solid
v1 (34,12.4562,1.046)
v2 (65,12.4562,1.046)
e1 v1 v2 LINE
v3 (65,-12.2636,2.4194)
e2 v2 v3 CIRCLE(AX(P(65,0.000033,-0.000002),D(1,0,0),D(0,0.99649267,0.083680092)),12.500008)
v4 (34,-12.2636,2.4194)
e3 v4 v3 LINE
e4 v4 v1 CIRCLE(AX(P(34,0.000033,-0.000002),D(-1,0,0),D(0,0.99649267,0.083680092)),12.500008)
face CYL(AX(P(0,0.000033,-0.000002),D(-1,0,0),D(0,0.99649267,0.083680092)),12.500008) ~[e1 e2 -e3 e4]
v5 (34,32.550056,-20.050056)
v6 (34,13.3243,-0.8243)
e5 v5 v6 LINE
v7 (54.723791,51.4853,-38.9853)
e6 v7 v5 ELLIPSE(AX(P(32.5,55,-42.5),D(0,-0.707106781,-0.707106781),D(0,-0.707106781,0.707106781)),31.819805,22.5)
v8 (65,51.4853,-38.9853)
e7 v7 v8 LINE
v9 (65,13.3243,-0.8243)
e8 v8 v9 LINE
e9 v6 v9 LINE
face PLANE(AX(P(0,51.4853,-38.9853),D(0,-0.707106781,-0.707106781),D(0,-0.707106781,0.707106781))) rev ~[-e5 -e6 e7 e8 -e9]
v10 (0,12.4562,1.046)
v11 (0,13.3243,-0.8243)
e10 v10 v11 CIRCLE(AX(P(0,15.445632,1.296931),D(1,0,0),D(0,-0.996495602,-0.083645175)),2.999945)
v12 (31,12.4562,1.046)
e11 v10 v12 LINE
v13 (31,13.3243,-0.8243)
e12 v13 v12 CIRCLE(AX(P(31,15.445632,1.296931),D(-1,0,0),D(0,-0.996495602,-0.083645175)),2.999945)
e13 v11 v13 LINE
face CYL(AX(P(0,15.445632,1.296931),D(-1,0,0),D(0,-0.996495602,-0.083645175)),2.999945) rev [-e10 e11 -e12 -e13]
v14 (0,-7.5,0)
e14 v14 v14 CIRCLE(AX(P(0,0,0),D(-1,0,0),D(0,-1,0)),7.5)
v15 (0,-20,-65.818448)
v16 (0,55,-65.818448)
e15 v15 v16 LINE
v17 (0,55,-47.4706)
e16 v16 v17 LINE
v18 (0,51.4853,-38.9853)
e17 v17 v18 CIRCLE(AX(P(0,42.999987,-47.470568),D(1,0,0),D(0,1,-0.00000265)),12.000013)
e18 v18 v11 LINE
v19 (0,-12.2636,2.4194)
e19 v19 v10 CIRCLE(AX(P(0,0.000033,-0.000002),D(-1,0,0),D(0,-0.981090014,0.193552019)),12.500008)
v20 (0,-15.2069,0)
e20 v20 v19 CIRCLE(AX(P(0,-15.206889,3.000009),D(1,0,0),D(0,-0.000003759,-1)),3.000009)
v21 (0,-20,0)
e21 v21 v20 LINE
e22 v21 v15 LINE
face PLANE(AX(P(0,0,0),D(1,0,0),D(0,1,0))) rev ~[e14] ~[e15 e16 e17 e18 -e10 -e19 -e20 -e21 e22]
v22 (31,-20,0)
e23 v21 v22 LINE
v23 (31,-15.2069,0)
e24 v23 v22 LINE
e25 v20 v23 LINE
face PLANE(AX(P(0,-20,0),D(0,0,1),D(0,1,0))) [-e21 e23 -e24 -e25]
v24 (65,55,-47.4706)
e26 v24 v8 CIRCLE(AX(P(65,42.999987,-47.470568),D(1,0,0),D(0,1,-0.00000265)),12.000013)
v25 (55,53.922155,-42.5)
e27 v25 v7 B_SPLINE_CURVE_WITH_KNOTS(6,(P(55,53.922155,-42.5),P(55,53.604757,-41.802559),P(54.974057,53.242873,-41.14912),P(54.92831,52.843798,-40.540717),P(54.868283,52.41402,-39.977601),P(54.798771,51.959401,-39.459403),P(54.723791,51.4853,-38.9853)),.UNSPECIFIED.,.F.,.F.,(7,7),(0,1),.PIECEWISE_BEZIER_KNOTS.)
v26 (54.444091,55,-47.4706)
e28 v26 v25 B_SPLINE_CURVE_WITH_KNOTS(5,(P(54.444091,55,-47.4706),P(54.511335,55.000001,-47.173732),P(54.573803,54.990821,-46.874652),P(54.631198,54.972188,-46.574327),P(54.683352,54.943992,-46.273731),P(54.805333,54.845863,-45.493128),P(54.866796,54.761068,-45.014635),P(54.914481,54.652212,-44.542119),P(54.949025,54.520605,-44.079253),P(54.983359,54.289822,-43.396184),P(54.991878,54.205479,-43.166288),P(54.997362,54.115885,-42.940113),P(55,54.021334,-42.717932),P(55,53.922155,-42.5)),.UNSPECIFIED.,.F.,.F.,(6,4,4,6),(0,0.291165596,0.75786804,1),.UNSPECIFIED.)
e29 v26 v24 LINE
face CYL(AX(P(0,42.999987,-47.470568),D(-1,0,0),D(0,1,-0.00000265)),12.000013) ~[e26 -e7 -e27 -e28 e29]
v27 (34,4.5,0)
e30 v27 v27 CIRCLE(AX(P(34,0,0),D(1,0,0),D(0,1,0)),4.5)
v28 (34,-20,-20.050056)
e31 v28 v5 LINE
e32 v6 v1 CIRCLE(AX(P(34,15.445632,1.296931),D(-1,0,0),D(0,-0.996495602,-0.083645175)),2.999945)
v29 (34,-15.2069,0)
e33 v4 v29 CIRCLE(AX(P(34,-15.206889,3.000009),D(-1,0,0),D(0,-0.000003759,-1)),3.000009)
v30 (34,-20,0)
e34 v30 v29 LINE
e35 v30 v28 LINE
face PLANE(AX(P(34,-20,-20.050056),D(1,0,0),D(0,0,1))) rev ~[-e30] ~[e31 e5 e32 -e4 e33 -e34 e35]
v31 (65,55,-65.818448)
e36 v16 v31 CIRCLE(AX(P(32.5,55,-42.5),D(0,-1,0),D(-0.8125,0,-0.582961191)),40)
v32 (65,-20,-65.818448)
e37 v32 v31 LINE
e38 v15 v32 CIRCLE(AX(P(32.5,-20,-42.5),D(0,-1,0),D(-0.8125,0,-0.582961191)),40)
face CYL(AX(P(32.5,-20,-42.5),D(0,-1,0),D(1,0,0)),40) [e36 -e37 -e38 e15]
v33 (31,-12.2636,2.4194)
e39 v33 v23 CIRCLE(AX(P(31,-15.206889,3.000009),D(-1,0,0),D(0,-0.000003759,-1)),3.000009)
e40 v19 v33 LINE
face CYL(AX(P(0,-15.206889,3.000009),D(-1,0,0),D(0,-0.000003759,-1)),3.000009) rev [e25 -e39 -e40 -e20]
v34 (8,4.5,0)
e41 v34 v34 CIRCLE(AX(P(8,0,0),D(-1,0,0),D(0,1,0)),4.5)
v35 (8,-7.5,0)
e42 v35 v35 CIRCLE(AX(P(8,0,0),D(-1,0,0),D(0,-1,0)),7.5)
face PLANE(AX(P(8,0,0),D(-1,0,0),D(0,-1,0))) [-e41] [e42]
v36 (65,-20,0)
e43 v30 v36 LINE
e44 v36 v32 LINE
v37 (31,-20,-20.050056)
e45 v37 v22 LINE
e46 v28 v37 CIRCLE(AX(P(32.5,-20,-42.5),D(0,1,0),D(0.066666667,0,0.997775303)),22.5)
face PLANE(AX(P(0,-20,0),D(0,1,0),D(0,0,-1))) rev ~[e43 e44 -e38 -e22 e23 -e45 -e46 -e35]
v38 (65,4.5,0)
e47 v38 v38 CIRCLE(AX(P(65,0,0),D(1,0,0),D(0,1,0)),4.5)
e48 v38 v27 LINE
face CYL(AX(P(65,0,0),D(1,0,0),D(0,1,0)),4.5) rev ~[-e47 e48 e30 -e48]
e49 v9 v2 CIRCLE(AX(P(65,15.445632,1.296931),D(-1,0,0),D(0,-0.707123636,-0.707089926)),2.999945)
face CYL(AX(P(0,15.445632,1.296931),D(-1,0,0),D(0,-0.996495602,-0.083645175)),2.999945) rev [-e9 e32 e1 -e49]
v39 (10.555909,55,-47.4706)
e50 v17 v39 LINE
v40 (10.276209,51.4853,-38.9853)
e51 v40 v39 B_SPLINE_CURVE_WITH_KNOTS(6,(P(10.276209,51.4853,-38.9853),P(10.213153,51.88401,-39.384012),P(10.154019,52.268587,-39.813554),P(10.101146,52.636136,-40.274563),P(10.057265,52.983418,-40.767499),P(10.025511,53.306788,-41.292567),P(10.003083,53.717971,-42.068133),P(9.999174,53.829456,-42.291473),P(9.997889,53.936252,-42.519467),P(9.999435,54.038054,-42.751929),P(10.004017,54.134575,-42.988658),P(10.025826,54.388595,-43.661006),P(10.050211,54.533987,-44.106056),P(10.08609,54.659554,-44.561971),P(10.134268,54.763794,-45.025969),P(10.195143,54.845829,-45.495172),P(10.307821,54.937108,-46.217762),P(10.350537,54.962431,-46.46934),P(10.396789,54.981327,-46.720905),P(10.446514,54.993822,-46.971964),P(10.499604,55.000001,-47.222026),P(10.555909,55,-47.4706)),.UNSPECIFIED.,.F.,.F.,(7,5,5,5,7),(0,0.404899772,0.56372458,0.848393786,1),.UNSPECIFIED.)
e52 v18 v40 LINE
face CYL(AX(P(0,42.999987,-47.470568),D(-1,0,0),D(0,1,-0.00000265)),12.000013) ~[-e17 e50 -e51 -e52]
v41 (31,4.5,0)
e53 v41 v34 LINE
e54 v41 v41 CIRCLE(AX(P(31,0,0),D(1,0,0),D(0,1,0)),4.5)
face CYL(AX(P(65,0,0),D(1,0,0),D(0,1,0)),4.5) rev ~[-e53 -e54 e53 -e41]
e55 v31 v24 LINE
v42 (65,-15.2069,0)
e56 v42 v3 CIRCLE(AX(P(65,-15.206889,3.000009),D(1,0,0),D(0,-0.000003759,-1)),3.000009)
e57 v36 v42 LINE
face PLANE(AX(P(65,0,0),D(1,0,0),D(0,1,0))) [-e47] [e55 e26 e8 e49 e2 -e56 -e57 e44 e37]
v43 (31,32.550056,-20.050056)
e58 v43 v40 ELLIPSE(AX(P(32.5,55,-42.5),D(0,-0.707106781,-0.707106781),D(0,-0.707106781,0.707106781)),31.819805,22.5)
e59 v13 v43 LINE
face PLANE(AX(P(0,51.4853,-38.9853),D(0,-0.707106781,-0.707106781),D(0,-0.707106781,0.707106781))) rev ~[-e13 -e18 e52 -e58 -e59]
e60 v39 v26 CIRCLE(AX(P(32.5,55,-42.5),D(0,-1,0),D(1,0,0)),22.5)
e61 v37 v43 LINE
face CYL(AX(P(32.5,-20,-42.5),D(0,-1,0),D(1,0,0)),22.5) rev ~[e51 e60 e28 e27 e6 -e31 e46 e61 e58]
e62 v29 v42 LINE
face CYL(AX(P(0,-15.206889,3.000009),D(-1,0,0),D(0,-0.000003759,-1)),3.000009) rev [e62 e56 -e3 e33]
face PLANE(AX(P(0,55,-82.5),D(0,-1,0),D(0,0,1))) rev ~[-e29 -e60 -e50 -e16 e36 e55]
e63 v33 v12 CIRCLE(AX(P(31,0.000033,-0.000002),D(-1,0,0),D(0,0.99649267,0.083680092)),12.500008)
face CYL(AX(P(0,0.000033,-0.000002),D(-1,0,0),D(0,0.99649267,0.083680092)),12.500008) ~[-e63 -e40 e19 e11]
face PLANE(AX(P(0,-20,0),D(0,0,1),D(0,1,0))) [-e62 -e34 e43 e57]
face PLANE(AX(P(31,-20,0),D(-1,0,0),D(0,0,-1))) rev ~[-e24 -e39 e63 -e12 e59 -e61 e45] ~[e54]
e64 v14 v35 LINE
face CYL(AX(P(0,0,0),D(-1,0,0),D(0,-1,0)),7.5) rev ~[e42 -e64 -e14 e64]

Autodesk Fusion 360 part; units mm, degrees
sketch "Sketch1" plane through (0, 0, 0) normal (1, 0, 0) x (0, 1, 0)
  line L0 (-70, 0) -> (110, 0)
  line L1 (0, 110) -> (0, -170)
  line L2 (-15.2069, 0) -> (-20, 0)
  line L3 (-20, 0) -> (-20, -82.5)
  line L4 (-20, -82.5) -> (55, -82.5)
  line L5 (55, -82.5) -> (55, -47.4706)
  line L6 (51.4853, -38.9853) -> (13.3243, -0.8243)
  line L7 (55, -42.5) -> (115.1063, -42.5) construction
  arc A0 (12.4562, 1.046) -> (-12.2636, 2.4194) centre (0, 0) ccw
  arc A1 (-15.2069, 0) -> (-12.2636, 2.4194) centre (-15.2069, 3) ccw
  arc A2 (12.4562, 1.046) -> (13.3243, -0.8243) centre (15.4456, 1.297) ccw
  arc A3 (55, -47.4706) -> (51.4853, -38.9853) centre (43, -47.4706) ccw
  point P0 (-12.5, 0)
  dimension "d2" = 7.5
  dimension "d3" = 82.5
  dimension "d4" = 75
  dimension "d5" = 40
  dimension "d6" = 135
  dimension "d7" = 12.5
  dimension "d8" = 3
  dimension "d9" = 3
  dimension "d10" = 12
extrude "Extrude1" add sketch "Sketch1" along normal blind 65
sketch "Sketch2" plane through (65, 0, 0) normal (1, 0, 0) x (0, 1, 0)
  line L0 (-15.2069, 0) -> (-20, 0)
  line L1 (-20, 0) -> (-20, -82.5)
  line L2 (-20, -82.5) -> (55, -82.5)
  line L3 (55, -82.5) -> (55, -47.4706)
  arc A0 (55, -47.4706) -> (51.4853, -38.9853) centre (43, -47.4706) ccw
  line L4 (51.4853, -38.9853) -> (13.3243, -0.8243)
  arc A1 (12.4562, 1.046) -> (13.3243, -0.8243) centre (15.4456, 1.297) ccw
  arc A2 (12.4562, 1.046) -> (-12.2636, 2.4194) centre (0, 0) ccw
  arc A3 (-15.2069, 0) -> (-12.2636, 2.4194) centre (-15.2069, 3) ccw
sketch "Sketch3" plane through (0, -20, 0) normal (0, -1, 0) x (1, 0, 0)
  line L0 (0, 0) -> (0, -82.5)
  line L1 (0, -82.5) -> (65, -82.5)
  line L2 (65, -82.5) -> (65, 0)
  line L3 (65, 0) -> (0, 0)
  line L4 (0, 0) -> (32.5, 0)
  line L5 (32.5, 0) -> (32.5, -42.5)
  circle A0 centre (32.5, -42.5) radius 22.5
  dimension "d13" = 42.5
  dimension "d14" = 45
extrude "Extrude2" cut sketch "Sketch3" against normal blind 110 contours A0
sketch "Sketch4" plane through (0, -20, 0) normal (0, -1, 0) x (1, 0, 0)
  circle A0 centre (32.5, -42.5) radius 22.5
  line L0 (0, 0) -> (0, -82.5)
  line L1 (0, -82.5) -> (65, -82.5)
  line L2 (65, -82.5) -> (65, 0)
  line L3 (65, 0) -> (0, 0)
  circle A1 centre (32.5, -42.5) radius 40
  dimension "d17" = 80
extrude "Extrude3" cut sketch "Sketch4" against normal blind 110 contours L0 L1 A1 | L1 L2 A1
sketch "Sketch5" plane through (0, 0, 0) normal (0, 1, 0) x (1, 0, 0)
sketch "Sketch6" plane through (65, 0, 0) normal (1, 0, 0) x (0, 1, 0)
  circle A0 centre (0, 0) radius 4.5
  dimension "d23" = 9
extrude "Extrude4" cut sketch "Sketch6" against normal blind 120
sketch "Sketch7" plane through (65, 17.5, -34.7081) normal (1, 0, 0) x (0, 1, 0)
sketch "Sketch8" plane through (0, 0, 0) normal (-1, 0, 0) x (0, -1, 0)
  circle A0 centre (0, 0) radius 4.5
  line L0 (-55, -65.8184) -> (20, -65.8184)
  line L1 (20, -65.8184) -> (20, 0)
  line L2 (20, 0) -> (15.2069, 0)
  arc A1 (12.2636, 2.4194) -> (15.2069, 0) centre (15.2069, 3) ccw
  arc A2 (12.2636, 2.4194) -> (-12.4562, 1.046) centre (0, 0) ccw
  arc A3 (-13.3243, -0.8243) -> (-12.4562, 1.046) centre (-15.4456, 1.297) ccw
  line L3 (-13.3243, -0.8243) -> (-51.4853, -38.9853)
  arc A4 (-51.4853, -38.9853) -> (-55, -47.4706) centre (-43, -47.4706) ccw
  line L4 (-55, -47.4706) -> (-55, -65.8184)
  circle A5 centre (0, 0) radius 7.5
  dimension "d26" = 15
extrude "Extrude5" cut sketch "Sketch8" against normal blind 8 contours A5
sketch "Sketch9" plane through (0, -20, 0) normal (0, -1, 0) x (1, 0, 0)
  circle A0 centre (32.5, -42.5) radius 22.5
  arc A1 (0, -65.8184) -> (65, -65.8184) centre (32.5, -42.5) ccw
  line L0 (65, -65.8184) -> (65, 0)
  line L1 (65, 0) -> (0, 0)
  line L2 (0, 0) -> (0, -65.8184)
  line L3 (31, -42.5) -> (34, -42.5)
  line L4 (34, -42.5) -> (34, 31.8842)
  line L5 (34, 31.8842) -> (31, 31.8842)
  line L6 (31, 31.8842) -> (31, -42.5)
  dimension "d30" = 3
extrude "Extrude6" cut sketch "Sketch9" against normal blind 130 contours A0 L3 L4 L6 | A0 L1 L4 L6 | L1 L4 L5 L6 picked at (31.959, -57.4579)
